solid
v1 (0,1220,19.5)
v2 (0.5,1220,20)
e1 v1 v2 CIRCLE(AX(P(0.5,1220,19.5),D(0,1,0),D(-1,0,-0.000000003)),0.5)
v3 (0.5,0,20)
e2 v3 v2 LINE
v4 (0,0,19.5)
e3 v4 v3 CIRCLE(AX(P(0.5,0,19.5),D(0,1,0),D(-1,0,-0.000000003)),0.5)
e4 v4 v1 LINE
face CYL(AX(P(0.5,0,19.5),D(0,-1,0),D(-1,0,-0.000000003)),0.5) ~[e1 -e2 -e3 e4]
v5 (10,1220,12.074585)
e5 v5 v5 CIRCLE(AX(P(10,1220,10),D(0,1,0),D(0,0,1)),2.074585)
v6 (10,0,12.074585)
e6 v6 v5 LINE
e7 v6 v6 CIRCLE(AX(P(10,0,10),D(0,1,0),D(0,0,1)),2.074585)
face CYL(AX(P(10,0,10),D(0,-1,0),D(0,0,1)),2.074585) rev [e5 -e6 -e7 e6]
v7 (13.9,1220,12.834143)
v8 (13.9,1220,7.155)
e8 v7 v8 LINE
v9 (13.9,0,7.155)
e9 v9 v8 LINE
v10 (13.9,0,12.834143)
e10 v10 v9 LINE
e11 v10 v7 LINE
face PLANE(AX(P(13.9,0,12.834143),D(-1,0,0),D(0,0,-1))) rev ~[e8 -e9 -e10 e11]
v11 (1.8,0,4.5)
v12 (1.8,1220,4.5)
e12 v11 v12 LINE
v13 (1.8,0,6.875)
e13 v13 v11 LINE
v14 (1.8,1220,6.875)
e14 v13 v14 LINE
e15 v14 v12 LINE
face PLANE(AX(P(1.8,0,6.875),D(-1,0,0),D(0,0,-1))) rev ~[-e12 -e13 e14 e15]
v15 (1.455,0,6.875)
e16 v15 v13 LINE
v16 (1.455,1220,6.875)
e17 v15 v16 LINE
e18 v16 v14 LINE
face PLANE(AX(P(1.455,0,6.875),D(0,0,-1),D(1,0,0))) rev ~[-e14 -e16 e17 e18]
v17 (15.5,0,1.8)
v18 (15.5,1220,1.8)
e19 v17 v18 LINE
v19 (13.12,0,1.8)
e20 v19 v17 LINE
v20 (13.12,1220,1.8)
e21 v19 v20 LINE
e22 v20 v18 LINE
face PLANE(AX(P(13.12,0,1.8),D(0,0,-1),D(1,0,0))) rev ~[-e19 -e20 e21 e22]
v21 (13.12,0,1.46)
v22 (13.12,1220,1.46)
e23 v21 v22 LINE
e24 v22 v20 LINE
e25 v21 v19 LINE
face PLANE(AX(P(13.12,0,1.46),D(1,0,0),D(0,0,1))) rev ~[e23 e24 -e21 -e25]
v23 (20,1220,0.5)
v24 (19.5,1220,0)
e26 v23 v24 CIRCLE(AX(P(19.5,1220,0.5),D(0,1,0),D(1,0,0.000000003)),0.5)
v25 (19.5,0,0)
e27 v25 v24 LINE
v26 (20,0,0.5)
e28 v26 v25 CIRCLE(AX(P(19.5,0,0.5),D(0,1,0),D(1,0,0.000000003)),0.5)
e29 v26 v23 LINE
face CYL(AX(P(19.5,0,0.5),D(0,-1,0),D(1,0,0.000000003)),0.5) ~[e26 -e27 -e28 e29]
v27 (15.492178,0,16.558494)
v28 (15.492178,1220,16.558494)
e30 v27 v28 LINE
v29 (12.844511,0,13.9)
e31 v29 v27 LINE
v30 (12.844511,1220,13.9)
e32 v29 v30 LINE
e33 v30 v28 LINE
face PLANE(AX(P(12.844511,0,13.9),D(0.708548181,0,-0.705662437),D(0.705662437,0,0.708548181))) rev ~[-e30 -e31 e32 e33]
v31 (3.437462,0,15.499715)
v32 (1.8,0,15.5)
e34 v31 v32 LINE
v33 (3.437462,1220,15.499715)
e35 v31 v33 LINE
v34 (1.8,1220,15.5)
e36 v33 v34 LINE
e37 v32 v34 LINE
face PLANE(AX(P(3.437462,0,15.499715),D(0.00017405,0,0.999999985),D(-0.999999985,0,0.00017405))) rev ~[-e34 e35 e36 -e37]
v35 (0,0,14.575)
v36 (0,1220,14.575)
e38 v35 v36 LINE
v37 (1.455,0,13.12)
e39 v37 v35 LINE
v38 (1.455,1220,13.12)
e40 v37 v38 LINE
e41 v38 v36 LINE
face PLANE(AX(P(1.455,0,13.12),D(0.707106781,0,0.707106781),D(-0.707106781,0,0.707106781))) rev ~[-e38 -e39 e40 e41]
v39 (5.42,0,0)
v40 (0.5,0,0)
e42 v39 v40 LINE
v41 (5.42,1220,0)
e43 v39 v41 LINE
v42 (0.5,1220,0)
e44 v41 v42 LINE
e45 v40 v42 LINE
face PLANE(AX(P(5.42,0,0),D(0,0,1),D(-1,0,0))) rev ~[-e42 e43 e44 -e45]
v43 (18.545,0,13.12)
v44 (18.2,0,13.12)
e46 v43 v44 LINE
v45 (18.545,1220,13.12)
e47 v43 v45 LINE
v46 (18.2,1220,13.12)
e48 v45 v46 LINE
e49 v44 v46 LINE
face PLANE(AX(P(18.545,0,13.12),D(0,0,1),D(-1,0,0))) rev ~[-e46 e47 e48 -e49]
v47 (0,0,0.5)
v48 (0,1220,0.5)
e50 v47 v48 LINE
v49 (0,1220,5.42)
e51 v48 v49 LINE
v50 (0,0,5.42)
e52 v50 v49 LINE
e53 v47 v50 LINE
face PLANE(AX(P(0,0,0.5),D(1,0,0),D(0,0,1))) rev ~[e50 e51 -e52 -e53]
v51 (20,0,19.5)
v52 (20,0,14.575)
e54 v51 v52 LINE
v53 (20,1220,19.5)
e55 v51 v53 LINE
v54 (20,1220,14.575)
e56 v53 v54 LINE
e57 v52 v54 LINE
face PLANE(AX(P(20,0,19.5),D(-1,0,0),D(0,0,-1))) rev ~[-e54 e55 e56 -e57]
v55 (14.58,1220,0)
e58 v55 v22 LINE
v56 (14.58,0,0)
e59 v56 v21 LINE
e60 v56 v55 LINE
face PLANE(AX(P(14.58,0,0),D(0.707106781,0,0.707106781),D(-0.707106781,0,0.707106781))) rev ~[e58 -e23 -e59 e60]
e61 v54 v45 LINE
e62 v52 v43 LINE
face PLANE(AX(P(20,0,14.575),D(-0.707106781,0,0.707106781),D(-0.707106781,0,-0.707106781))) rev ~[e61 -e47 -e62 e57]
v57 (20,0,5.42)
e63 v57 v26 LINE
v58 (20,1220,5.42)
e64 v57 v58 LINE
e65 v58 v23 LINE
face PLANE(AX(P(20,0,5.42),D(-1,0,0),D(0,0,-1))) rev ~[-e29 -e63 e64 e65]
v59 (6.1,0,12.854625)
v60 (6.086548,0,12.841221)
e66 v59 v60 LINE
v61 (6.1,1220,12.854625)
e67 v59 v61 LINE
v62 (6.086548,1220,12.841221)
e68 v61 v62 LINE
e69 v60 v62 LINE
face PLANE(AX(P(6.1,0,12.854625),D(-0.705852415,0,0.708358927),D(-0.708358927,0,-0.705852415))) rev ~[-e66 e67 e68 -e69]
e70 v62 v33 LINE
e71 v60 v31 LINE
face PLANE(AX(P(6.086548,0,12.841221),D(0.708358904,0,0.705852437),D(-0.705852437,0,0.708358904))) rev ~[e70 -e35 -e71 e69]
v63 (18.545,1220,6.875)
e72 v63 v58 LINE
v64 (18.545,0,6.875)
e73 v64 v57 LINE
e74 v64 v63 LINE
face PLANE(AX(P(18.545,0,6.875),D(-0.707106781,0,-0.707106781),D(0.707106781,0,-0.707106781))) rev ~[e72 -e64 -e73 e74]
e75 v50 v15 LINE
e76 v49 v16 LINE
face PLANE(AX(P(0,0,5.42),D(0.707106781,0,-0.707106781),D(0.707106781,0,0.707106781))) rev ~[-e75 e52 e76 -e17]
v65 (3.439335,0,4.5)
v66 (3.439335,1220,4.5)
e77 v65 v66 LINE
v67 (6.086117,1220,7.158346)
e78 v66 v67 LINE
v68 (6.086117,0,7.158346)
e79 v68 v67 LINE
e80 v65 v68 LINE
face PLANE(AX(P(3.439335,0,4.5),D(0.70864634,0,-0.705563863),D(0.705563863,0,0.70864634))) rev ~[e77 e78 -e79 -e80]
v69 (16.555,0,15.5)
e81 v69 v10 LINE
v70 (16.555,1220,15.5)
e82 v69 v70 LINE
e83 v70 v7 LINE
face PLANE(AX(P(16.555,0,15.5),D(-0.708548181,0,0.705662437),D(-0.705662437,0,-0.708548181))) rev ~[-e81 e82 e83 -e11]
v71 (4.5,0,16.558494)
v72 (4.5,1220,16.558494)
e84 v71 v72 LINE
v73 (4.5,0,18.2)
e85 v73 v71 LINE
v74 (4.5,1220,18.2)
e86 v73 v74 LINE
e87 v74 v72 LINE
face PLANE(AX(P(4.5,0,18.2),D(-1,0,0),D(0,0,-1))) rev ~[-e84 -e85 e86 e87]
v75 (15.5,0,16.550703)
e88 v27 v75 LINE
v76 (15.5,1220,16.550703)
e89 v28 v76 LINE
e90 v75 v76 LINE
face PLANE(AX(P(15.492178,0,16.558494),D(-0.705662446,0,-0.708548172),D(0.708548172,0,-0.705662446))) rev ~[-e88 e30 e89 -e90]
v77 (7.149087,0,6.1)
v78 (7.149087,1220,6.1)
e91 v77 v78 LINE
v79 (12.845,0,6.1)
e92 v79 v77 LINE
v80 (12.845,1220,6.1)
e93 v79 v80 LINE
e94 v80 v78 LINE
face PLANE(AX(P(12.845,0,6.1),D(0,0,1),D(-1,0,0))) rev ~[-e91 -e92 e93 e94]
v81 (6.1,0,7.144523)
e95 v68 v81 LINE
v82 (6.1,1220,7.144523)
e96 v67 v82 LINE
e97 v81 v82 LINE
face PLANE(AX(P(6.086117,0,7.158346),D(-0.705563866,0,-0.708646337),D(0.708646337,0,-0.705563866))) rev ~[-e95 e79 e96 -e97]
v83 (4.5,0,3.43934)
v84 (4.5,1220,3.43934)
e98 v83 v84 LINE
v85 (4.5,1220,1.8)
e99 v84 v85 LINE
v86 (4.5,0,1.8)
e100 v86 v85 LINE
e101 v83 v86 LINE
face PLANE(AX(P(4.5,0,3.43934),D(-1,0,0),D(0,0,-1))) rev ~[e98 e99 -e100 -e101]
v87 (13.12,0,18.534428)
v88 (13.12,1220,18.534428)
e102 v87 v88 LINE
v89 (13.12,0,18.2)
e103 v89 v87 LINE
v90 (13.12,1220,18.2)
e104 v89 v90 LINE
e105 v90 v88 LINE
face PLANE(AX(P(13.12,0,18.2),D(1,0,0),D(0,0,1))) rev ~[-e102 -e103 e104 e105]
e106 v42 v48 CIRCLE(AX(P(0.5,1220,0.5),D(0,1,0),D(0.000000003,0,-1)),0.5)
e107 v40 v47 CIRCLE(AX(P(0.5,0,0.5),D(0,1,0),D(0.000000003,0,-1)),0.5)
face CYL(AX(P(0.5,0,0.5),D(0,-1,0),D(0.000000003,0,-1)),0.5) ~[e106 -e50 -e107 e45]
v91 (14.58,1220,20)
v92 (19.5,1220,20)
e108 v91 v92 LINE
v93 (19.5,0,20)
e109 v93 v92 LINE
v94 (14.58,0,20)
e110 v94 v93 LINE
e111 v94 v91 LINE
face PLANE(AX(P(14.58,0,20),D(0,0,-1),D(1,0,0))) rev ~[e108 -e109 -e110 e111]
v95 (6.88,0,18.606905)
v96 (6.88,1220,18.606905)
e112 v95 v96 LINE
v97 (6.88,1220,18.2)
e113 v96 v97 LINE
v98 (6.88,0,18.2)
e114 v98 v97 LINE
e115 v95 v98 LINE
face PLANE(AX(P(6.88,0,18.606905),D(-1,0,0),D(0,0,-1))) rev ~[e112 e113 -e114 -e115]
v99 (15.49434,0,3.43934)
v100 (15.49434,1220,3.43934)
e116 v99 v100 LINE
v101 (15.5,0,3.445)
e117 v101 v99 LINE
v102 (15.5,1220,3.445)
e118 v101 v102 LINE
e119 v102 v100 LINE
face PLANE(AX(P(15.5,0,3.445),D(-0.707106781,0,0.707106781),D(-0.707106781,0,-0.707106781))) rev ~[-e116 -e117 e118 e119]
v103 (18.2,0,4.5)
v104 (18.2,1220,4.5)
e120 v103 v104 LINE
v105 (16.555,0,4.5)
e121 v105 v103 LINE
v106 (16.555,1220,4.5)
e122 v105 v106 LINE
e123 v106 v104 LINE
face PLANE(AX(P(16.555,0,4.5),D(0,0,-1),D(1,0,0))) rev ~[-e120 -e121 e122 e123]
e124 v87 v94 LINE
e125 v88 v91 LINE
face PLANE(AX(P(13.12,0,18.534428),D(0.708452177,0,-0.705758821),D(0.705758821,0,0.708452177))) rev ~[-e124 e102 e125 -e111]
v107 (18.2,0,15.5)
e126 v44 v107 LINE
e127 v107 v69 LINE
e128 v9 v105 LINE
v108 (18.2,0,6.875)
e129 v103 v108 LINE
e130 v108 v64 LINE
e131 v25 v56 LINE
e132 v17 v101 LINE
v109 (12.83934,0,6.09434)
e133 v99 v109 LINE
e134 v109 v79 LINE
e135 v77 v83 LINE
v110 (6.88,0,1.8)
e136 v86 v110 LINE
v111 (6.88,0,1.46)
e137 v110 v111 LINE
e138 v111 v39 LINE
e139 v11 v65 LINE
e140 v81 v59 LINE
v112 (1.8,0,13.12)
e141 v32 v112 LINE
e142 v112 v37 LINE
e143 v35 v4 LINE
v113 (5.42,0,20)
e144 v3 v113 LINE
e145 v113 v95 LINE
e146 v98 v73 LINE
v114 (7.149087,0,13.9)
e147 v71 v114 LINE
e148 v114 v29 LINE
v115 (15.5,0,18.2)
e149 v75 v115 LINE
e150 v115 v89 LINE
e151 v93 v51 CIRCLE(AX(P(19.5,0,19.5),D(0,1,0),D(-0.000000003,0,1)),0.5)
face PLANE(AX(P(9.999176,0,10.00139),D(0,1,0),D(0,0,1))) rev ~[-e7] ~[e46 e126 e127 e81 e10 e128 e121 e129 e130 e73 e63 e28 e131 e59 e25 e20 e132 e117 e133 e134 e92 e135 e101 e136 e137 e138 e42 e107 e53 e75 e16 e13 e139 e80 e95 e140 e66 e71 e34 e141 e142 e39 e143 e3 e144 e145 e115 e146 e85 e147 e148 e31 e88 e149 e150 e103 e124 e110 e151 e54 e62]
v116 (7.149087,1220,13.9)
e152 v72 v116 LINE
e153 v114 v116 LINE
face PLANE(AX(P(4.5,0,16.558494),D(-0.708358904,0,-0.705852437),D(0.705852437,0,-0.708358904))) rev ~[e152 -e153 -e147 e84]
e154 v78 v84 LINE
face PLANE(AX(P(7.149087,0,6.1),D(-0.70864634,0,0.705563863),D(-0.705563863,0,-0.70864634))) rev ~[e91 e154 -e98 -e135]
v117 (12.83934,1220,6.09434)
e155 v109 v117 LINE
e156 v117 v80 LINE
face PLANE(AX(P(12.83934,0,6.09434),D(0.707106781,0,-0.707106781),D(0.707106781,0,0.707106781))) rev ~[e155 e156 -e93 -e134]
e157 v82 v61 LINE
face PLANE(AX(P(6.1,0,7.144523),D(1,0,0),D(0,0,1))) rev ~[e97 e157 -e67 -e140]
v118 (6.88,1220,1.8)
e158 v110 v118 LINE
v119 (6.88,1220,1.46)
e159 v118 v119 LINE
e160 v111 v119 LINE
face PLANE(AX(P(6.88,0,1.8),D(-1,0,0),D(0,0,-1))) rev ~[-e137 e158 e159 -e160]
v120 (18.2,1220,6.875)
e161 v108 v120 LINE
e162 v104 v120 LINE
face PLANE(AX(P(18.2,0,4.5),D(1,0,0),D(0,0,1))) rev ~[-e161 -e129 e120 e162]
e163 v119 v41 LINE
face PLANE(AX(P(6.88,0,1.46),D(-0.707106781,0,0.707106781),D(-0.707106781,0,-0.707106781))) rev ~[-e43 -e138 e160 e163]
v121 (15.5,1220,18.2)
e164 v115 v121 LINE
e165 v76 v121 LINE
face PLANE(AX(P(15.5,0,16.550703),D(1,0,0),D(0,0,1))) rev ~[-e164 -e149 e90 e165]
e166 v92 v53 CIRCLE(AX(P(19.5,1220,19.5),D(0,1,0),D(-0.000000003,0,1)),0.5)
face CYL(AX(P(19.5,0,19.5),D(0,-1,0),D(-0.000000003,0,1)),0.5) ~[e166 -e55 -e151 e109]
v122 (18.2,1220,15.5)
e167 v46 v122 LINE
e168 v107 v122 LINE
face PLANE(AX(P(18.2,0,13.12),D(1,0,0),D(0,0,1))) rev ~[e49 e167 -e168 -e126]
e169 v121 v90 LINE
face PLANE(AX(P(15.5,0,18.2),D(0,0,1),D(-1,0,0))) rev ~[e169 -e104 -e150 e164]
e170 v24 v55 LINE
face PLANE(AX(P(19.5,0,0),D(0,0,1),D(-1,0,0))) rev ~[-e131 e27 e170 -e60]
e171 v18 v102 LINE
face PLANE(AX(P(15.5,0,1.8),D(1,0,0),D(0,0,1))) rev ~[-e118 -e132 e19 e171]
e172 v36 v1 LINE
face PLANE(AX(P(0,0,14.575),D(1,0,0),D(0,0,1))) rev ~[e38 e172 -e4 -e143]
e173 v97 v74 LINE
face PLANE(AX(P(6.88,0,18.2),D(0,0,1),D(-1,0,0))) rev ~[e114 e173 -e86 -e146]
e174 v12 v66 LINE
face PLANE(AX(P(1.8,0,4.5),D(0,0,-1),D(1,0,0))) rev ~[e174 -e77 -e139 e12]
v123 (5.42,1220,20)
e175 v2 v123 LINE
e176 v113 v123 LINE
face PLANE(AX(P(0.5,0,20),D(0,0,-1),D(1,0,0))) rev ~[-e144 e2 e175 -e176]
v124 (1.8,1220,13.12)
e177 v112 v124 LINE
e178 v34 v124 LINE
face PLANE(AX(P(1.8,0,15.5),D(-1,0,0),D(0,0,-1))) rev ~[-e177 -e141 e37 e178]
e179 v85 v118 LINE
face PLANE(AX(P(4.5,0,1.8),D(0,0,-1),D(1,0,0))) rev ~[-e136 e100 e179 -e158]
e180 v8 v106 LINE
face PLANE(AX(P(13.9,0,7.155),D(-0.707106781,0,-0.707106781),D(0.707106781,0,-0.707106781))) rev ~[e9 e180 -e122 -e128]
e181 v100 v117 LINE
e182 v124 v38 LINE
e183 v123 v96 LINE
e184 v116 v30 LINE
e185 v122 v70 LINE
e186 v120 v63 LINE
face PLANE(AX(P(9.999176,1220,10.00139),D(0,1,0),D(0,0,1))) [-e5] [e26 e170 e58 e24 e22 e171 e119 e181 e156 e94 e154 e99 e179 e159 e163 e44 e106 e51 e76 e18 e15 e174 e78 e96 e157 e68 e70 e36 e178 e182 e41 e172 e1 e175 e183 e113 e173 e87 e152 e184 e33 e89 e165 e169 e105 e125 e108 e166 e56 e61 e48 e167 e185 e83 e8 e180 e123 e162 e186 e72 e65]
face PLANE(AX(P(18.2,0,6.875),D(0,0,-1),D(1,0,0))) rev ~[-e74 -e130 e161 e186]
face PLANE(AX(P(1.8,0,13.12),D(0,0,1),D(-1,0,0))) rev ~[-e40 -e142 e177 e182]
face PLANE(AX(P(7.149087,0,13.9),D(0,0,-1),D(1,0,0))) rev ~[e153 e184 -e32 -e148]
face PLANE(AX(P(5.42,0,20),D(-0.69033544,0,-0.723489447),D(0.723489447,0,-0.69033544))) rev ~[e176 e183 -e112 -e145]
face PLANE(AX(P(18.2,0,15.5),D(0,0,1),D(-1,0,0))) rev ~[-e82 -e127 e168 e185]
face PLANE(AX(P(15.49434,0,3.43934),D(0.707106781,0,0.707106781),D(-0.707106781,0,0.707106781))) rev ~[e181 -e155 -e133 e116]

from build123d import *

# Parameters (mm, degrees)
SKETCH2_R              = 2.074585303
VSLOT2020_2020_5_DEPTH = 1220


with BuildPart() as part:
    # Sketch2 → Vslot2020 2020(5) (new body)
    with BuildSketch(Plane.ZX):
        with BuildLine():
            Line((13.9, 7.149086807), (13.9, 12.844511469))
            Line((13.9, 12.844511469), (16.558493656, 15.492177728))
            Line((16.558493656, 15.492177728), (16.550703242, 15.5))
            Line((16.550703242, 15.5), (18.2, 15.5))
            Line((18.2, 15.5), (18.2, 13.12))
            Line((18.2, 13.12), (18.534428266, 13.12))
            Line((18.534428266, 13.12), (20, 14.58))
            Line((20, 14.58), (20, 19.5))
            ThreePointArc((20, 19.5), (19.853553391, 19.853553391), (19.5, 20))
            Line((19.5, 20), (14.575, 20))
            Line((14.575, 20), (13.12, 18.545))
            Line((13.12, 18.545), (13.12, 18.2))
            Line((13.12, 18.2), (15.5, 18.2))
            Line((15.5, 18.2), (15.5, 16.555))
            Line((15.5, 16.555), (12.834142613, 13.9))
            Line((12.834142613, 13.9), (7.155, 13.9))
            Line((7.155, 13.9), (4.5, 16.555))
            Line((4.5, 16.555), (4.5, 18.2))
            Line((4.5, 18.2), (6.875, 18.2))
            Line((6.875, 18.2), (6.875, 18.545))
            Line((6.875, 18.545), (5.42, 20))
            Line((5.42, 20), (0.5, 20))
            ThreePointArc((0.5, 20), (0.146446609, 19.853553391), (0, 19.5))
            Line((0, 19.5), (0, 14.58))
            Line((0, 14.58), (1.46, 13.12))
            Line((1.46, 13.12), (1.8, 13.12))
            Line((1.8, 13.12), (1.8, 15.5))
            Line((1.8, 15.5), (3.445, 15.5))
            Line((3.445, 15.5), (3.439339828, 15.494339828))
            Line((3.439339828, 15.494339828), (6.094339828, 12.839339828))
            Line((6.094339828, 12.839339828), (6.1, 12.845))
            Line((6.1, 12.845), (6.1, 7.149086807))
            Line((6.1, 7.149086807), (3.439339828, 4.5))
            Line((3.439339828, 4.5), (1.8, 4.5))
            Line((1.8, 4.5), (1.8, 6.88))
            Line((1.8, 6.88), (1.46, 6.88))
            Line((1.46, 6.88), (0, 5.42))
            Line((0, 5.42), (0, 0.5))
            ThreePointArc((0, 0.5), (0.146446609, 0.146446609), (0.5, 0))
            Line((0.5, 0), (5.42, 0))
            Line((5.42, 0), (6.875, 1.455))
            Line((6.875, 1.455), (6.875, 1.8))
            Line((6.875, 1.8), (4.5, 1.8))
            Line((4.5, 1.8), (4.5, 3.4393348))
            Line((4.5, 3.4393348), (7.158345795, 6.086117297))
            Line((7.158345795, 6.086117297), (7.144523479, 6.1))
            Line((7.144523479, 6.1), (12.854625295, 6.1))
            Line((12.854625295, 6.1), (12.841221344, 6.086548451))
            Line((12.841221344, 6.086548451), (15.499715, 3.437461644))
            Line((15.499715, 3.437461644), (15.5, 1.8))
            Line((15.5, 1.8), (13.12, 1.8))
            Line((13.12, 1.8), (13.12, 1.455))
            Line((13.12, 1.455), (14.575, 0))
            Line((14.575, 0), (19.5, 0))
            ThreePointArc((19.5, 0), (19.853553391, 0.146446609), (20, 0.5))
            Line((20, 0.5), (20, 5.42))
            Line((20, 5.42), (18.606904708, 6.88))
            Line((18.606904708, 6.88), (18.2, 6.88))
            Line((18.2, 6.88), (18.2, 4.5))
            Line((18.2, 4.5), (16.558493656, 4.5))
            Line((16.558493656, 4.5), (13.9, 7.149086807))
        make_face()
        with Locations((10, 10)):
            Circle(SKETCH2_R, mode=Mode.SUBTRACT)
    extrude(amount=VSLOT2020_2020_5_DEPTH)


solid = part.part
